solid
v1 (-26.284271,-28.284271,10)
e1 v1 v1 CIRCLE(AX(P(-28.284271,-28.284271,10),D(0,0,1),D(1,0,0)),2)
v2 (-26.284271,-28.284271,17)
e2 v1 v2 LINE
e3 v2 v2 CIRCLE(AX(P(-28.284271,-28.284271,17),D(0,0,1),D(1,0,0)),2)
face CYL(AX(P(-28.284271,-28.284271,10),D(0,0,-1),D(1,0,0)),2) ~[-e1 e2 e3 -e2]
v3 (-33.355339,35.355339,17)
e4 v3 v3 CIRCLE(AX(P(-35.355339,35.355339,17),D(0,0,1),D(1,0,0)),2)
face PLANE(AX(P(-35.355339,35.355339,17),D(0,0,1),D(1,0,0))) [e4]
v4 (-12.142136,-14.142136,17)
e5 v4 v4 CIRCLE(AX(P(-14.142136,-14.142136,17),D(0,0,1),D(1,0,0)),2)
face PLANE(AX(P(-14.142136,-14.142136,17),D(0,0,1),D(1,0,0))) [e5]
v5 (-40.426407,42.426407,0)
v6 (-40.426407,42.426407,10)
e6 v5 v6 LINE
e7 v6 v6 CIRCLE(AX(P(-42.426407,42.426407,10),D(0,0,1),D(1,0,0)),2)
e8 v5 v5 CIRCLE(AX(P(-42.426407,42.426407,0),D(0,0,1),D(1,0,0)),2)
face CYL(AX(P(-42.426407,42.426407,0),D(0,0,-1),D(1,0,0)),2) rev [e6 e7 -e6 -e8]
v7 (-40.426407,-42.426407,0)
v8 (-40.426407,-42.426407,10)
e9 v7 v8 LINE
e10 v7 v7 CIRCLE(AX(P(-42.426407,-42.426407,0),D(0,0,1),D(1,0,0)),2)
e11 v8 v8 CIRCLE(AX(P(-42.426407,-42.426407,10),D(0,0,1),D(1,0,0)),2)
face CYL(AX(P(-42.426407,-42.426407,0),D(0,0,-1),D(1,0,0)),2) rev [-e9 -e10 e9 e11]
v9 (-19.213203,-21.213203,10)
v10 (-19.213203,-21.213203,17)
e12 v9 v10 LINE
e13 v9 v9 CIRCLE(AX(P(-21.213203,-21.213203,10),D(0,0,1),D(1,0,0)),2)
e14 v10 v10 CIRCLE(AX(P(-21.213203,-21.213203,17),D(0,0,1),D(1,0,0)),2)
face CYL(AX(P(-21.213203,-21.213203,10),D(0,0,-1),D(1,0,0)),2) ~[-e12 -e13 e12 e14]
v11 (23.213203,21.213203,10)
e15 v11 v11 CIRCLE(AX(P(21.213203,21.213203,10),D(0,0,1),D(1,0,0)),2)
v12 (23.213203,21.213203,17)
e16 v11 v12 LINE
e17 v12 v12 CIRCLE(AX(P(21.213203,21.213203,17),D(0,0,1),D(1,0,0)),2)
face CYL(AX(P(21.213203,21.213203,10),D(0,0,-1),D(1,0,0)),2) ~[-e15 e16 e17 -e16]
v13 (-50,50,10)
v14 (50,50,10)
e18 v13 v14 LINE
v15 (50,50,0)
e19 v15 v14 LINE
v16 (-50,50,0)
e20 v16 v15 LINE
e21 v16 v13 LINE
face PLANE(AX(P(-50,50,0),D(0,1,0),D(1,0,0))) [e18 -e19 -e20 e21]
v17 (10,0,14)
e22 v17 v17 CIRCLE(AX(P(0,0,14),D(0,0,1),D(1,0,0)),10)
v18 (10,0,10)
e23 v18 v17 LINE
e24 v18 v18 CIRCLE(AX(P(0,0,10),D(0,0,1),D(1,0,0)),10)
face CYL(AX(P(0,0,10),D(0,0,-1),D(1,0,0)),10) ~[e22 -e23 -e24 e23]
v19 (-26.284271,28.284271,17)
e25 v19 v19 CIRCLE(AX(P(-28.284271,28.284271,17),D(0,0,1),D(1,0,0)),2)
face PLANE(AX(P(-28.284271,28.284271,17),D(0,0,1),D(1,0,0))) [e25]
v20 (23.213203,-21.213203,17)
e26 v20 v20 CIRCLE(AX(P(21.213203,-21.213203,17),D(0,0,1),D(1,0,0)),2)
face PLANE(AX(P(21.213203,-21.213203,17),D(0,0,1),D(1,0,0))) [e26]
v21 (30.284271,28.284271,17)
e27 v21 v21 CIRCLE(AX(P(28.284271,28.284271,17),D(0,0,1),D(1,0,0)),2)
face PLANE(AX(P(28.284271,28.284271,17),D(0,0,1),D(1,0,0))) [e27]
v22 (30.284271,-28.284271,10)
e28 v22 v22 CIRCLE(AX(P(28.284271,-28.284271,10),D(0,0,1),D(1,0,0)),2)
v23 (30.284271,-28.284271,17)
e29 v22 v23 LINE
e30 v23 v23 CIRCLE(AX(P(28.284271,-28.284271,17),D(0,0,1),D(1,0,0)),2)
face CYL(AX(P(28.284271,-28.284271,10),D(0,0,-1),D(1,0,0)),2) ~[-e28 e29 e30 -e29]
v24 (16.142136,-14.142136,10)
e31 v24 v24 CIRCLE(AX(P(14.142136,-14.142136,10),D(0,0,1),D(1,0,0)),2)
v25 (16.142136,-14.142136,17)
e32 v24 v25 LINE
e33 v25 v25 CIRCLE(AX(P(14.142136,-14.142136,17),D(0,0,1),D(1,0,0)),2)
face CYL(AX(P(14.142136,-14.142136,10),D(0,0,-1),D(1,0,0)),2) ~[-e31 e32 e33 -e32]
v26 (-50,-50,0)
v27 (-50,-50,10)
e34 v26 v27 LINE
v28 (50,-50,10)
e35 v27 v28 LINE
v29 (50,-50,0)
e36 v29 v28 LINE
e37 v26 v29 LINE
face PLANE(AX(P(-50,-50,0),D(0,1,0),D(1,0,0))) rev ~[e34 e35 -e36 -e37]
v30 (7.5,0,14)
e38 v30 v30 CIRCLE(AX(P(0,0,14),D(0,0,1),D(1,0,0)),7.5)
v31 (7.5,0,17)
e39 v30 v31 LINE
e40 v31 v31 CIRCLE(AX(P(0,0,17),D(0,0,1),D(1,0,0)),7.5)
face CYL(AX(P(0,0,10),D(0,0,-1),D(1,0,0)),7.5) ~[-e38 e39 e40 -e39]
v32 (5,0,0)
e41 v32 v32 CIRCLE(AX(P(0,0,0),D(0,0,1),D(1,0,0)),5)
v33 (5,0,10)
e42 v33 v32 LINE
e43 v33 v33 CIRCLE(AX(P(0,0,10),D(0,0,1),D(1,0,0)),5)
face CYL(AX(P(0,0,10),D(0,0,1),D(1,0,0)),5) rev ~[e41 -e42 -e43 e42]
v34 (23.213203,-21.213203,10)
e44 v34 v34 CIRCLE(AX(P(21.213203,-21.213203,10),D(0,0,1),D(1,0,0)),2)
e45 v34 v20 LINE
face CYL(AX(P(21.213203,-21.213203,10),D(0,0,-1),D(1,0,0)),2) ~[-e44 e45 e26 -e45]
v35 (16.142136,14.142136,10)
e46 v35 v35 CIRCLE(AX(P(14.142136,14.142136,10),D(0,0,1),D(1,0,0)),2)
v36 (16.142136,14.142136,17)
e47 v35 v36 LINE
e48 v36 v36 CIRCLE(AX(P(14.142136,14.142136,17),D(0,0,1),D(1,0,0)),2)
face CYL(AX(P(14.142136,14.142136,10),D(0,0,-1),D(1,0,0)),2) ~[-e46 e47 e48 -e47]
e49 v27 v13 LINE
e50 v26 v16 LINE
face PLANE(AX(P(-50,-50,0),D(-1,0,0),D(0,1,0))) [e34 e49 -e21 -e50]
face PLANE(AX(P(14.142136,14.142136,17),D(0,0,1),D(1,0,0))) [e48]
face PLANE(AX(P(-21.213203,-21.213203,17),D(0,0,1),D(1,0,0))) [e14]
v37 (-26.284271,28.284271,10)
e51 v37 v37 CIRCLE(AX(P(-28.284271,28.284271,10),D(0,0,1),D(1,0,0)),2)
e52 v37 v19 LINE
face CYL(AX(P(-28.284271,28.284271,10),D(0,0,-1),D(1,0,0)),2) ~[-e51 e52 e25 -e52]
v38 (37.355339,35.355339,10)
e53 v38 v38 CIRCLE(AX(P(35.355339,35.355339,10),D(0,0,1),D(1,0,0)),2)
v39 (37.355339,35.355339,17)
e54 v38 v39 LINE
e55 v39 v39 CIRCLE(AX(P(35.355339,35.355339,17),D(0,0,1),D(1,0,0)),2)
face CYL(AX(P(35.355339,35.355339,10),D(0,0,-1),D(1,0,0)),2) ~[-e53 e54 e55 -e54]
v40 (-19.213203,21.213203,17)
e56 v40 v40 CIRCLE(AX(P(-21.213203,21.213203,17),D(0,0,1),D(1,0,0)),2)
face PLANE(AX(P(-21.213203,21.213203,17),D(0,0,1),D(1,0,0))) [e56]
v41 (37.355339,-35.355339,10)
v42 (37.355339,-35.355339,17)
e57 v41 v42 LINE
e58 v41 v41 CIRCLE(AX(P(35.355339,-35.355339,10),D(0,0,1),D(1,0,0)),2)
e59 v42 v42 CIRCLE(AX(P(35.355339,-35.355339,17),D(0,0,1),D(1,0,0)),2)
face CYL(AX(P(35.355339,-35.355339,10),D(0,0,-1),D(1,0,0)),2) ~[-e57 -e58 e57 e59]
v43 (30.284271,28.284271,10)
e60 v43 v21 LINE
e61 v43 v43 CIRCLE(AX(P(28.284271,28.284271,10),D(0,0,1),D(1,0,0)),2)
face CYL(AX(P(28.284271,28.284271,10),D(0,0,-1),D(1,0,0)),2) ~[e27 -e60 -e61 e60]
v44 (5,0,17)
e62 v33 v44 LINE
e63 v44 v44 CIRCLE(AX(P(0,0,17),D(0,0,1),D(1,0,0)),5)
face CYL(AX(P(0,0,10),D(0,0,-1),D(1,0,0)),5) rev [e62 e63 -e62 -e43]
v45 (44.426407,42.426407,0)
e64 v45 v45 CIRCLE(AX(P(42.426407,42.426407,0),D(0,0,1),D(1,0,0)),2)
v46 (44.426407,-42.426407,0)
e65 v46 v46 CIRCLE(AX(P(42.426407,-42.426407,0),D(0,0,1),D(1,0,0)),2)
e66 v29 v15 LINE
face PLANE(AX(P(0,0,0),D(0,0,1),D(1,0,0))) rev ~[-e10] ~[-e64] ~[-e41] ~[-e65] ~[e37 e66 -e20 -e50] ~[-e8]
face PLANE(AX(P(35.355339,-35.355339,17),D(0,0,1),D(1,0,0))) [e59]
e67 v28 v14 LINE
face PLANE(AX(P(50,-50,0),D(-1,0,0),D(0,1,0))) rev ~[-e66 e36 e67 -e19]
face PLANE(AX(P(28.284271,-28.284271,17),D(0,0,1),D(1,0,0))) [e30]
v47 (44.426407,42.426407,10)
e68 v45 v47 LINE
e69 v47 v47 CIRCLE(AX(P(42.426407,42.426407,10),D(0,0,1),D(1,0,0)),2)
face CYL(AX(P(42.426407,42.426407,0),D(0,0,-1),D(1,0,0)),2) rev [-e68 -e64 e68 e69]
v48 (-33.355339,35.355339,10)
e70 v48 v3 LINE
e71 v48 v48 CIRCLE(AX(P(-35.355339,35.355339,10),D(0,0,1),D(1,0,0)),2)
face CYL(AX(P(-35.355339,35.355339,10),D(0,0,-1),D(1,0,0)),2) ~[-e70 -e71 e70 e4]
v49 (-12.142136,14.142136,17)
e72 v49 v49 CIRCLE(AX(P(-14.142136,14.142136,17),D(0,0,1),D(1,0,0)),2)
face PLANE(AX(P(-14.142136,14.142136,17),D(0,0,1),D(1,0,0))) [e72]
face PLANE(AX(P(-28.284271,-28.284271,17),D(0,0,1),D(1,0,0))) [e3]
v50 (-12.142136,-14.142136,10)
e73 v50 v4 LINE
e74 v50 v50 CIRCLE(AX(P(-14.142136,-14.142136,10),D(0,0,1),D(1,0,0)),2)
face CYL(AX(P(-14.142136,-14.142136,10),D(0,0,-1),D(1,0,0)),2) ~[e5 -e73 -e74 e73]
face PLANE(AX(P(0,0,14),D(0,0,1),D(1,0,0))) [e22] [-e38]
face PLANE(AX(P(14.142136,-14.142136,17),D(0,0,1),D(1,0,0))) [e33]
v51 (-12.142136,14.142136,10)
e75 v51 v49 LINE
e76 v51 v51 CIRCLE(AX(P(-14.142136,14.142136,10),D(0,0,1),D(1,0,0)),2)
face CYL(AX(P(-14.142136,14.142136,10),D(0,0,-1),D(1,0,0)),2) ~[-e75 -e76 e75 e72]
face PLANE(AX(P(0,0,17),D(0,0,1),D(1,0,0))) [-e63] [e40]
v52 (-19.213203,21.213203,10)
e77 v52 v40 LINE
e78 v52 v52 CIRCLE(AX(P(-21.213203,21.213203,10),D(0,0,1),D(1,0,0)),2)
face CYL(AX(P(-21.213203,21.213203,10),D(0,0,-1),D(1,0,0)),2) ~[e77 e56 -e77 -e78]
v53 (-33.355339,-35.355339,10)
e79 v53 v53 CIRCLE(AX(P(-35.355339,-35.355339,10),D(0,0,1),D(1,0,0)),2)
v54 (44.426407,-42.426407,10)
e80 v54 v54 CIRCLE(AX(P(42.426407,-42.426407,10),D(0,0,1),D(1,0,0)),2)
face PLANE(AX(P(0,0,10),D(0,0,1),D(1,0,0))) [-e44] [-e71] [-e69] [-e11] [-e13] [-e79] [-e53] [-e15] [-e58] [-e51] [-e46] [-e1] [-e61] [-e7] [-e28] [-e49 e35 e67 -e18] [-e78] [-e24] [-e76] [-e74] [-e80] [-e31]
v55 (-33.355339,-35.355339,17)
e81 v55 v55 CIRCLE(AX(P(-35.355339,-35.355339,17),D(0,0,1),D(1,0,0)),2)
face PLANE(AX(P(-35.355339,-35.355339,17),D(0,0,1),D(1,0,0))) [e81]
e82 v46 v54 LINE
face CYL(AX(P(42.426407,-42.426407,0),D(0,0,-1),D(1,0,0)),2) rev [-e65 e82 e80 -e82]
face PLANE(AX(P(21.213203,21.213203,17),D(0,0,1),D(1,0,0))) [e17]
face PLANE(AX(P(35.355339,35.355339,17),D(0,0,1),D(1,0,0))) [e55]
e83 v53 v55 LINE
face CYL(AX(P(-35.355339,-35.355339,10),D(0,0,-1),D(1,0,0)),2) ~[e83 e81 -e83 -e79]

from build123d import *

# Parameters (mm, degrees)
F0_W     = 100
F0_H     = 100
F0_R     = 2
F1_DEPTH = 10
F2_R     = 2
F3_DEPTH = 7
F4_R     = 10
F4_R_2   = 7.5
F5_DEPTH = 4
F4_R_3   = 5
F6_DEPTH = 7
F7_DEPTH = 25


with BuildPart() as f1:
    # F0 (on Top) → F1 (new body)
    with BuildSketch(Plane.XY):
        Rectangle(F0_W, F0_H)
        with Locations((-42.426407, -42.426407)):
            Circle(F0_R, mode=Mode.SUBTRACT)
        with Locations((42.426407, -42.426407)):
            Circle(F0_R, mode=Mode.SUBTRACT)
        with Locations((-42.426407, 42.426407)):
            Circle(F0_R, mode=Mode.SUBTRACT)
        with Locations((42.426407, 42.426407)):
            Circle(F0_R, mode=Mode.SUBTRACT)
    extrude(amount=F1_DEPTH)

    # F2 (on face) → F3 (join)
    with BuildSketch(Plane.XY.offset(10)):
        with Locations((14.142136, -14.142136)):
            Circle(F2_R)
        with Locations((21.213203, -21.213203)):
            Circle(F2_R)
        with Locations((28.284271, -28.284271)):
            Circle(F2_R)
        with Locations((35.355339, -35.355339)):
            Circle(F2_R)
        with Locations((14.142136, 14.142136)):
            Circle(F2_R)
        with Locations((21.213203, 21.213203)):
            Circle(F2_R)
        with Locations((28.284271, 28.284271)):
            Circle(F2_R)
        with Locations((35.355339, 35.355339)):
            Circle(F2_R)
        with Locations((-14.142136, 14.142136)):
            Circle(F2_R)
        with Locations((-21.213203, 21.213203)):
            Circle(F2_R)
        with Locations((-28.284271, 28.284271)):
            Circle(F2_R)
        with Locations((-35.355339, 35.355339)):
            Circle(F2_R)
        with Locations((-14.142136, -14.142136)):
            Circle(F2_R)
        with Locations((-21.213203, -21.213203)):
            Circle(F2_R)
        with Locations((-28.284271, -28.284271)):
            Circle(F2_R)
        with Locations((-35.355339, -35.355339)):
            Circle(F2_R)
    extrude(amount=F3_DEPTH)

    # F4 (on face) → F5 (join)
    with BuildSketch(Plane.XY.offset(10)):
        Circle(F4_R)
        Circle(F4_R_2, mode=Mode.SUBTRACT)
    extrude(amount=F5_DEPTH)

    # F4 (on face) → F6 (join)
    with BuildSketch(Plane.XY.offset(10)):
        Circle(F4_R_2)
        Circle(F4_R_3, mode=Mode.SUBTRACT)
    extrude(amount=F6_DEPTH)

    # F4 (on face) → F7 (cut)
    with BuildSketch(Plane.XY.offset(10)):
        Circle(F4_R_3)
    extrude(amount=-F7_DEPTH, mode=Mode.SUBTRACT)


solid = f1.part
